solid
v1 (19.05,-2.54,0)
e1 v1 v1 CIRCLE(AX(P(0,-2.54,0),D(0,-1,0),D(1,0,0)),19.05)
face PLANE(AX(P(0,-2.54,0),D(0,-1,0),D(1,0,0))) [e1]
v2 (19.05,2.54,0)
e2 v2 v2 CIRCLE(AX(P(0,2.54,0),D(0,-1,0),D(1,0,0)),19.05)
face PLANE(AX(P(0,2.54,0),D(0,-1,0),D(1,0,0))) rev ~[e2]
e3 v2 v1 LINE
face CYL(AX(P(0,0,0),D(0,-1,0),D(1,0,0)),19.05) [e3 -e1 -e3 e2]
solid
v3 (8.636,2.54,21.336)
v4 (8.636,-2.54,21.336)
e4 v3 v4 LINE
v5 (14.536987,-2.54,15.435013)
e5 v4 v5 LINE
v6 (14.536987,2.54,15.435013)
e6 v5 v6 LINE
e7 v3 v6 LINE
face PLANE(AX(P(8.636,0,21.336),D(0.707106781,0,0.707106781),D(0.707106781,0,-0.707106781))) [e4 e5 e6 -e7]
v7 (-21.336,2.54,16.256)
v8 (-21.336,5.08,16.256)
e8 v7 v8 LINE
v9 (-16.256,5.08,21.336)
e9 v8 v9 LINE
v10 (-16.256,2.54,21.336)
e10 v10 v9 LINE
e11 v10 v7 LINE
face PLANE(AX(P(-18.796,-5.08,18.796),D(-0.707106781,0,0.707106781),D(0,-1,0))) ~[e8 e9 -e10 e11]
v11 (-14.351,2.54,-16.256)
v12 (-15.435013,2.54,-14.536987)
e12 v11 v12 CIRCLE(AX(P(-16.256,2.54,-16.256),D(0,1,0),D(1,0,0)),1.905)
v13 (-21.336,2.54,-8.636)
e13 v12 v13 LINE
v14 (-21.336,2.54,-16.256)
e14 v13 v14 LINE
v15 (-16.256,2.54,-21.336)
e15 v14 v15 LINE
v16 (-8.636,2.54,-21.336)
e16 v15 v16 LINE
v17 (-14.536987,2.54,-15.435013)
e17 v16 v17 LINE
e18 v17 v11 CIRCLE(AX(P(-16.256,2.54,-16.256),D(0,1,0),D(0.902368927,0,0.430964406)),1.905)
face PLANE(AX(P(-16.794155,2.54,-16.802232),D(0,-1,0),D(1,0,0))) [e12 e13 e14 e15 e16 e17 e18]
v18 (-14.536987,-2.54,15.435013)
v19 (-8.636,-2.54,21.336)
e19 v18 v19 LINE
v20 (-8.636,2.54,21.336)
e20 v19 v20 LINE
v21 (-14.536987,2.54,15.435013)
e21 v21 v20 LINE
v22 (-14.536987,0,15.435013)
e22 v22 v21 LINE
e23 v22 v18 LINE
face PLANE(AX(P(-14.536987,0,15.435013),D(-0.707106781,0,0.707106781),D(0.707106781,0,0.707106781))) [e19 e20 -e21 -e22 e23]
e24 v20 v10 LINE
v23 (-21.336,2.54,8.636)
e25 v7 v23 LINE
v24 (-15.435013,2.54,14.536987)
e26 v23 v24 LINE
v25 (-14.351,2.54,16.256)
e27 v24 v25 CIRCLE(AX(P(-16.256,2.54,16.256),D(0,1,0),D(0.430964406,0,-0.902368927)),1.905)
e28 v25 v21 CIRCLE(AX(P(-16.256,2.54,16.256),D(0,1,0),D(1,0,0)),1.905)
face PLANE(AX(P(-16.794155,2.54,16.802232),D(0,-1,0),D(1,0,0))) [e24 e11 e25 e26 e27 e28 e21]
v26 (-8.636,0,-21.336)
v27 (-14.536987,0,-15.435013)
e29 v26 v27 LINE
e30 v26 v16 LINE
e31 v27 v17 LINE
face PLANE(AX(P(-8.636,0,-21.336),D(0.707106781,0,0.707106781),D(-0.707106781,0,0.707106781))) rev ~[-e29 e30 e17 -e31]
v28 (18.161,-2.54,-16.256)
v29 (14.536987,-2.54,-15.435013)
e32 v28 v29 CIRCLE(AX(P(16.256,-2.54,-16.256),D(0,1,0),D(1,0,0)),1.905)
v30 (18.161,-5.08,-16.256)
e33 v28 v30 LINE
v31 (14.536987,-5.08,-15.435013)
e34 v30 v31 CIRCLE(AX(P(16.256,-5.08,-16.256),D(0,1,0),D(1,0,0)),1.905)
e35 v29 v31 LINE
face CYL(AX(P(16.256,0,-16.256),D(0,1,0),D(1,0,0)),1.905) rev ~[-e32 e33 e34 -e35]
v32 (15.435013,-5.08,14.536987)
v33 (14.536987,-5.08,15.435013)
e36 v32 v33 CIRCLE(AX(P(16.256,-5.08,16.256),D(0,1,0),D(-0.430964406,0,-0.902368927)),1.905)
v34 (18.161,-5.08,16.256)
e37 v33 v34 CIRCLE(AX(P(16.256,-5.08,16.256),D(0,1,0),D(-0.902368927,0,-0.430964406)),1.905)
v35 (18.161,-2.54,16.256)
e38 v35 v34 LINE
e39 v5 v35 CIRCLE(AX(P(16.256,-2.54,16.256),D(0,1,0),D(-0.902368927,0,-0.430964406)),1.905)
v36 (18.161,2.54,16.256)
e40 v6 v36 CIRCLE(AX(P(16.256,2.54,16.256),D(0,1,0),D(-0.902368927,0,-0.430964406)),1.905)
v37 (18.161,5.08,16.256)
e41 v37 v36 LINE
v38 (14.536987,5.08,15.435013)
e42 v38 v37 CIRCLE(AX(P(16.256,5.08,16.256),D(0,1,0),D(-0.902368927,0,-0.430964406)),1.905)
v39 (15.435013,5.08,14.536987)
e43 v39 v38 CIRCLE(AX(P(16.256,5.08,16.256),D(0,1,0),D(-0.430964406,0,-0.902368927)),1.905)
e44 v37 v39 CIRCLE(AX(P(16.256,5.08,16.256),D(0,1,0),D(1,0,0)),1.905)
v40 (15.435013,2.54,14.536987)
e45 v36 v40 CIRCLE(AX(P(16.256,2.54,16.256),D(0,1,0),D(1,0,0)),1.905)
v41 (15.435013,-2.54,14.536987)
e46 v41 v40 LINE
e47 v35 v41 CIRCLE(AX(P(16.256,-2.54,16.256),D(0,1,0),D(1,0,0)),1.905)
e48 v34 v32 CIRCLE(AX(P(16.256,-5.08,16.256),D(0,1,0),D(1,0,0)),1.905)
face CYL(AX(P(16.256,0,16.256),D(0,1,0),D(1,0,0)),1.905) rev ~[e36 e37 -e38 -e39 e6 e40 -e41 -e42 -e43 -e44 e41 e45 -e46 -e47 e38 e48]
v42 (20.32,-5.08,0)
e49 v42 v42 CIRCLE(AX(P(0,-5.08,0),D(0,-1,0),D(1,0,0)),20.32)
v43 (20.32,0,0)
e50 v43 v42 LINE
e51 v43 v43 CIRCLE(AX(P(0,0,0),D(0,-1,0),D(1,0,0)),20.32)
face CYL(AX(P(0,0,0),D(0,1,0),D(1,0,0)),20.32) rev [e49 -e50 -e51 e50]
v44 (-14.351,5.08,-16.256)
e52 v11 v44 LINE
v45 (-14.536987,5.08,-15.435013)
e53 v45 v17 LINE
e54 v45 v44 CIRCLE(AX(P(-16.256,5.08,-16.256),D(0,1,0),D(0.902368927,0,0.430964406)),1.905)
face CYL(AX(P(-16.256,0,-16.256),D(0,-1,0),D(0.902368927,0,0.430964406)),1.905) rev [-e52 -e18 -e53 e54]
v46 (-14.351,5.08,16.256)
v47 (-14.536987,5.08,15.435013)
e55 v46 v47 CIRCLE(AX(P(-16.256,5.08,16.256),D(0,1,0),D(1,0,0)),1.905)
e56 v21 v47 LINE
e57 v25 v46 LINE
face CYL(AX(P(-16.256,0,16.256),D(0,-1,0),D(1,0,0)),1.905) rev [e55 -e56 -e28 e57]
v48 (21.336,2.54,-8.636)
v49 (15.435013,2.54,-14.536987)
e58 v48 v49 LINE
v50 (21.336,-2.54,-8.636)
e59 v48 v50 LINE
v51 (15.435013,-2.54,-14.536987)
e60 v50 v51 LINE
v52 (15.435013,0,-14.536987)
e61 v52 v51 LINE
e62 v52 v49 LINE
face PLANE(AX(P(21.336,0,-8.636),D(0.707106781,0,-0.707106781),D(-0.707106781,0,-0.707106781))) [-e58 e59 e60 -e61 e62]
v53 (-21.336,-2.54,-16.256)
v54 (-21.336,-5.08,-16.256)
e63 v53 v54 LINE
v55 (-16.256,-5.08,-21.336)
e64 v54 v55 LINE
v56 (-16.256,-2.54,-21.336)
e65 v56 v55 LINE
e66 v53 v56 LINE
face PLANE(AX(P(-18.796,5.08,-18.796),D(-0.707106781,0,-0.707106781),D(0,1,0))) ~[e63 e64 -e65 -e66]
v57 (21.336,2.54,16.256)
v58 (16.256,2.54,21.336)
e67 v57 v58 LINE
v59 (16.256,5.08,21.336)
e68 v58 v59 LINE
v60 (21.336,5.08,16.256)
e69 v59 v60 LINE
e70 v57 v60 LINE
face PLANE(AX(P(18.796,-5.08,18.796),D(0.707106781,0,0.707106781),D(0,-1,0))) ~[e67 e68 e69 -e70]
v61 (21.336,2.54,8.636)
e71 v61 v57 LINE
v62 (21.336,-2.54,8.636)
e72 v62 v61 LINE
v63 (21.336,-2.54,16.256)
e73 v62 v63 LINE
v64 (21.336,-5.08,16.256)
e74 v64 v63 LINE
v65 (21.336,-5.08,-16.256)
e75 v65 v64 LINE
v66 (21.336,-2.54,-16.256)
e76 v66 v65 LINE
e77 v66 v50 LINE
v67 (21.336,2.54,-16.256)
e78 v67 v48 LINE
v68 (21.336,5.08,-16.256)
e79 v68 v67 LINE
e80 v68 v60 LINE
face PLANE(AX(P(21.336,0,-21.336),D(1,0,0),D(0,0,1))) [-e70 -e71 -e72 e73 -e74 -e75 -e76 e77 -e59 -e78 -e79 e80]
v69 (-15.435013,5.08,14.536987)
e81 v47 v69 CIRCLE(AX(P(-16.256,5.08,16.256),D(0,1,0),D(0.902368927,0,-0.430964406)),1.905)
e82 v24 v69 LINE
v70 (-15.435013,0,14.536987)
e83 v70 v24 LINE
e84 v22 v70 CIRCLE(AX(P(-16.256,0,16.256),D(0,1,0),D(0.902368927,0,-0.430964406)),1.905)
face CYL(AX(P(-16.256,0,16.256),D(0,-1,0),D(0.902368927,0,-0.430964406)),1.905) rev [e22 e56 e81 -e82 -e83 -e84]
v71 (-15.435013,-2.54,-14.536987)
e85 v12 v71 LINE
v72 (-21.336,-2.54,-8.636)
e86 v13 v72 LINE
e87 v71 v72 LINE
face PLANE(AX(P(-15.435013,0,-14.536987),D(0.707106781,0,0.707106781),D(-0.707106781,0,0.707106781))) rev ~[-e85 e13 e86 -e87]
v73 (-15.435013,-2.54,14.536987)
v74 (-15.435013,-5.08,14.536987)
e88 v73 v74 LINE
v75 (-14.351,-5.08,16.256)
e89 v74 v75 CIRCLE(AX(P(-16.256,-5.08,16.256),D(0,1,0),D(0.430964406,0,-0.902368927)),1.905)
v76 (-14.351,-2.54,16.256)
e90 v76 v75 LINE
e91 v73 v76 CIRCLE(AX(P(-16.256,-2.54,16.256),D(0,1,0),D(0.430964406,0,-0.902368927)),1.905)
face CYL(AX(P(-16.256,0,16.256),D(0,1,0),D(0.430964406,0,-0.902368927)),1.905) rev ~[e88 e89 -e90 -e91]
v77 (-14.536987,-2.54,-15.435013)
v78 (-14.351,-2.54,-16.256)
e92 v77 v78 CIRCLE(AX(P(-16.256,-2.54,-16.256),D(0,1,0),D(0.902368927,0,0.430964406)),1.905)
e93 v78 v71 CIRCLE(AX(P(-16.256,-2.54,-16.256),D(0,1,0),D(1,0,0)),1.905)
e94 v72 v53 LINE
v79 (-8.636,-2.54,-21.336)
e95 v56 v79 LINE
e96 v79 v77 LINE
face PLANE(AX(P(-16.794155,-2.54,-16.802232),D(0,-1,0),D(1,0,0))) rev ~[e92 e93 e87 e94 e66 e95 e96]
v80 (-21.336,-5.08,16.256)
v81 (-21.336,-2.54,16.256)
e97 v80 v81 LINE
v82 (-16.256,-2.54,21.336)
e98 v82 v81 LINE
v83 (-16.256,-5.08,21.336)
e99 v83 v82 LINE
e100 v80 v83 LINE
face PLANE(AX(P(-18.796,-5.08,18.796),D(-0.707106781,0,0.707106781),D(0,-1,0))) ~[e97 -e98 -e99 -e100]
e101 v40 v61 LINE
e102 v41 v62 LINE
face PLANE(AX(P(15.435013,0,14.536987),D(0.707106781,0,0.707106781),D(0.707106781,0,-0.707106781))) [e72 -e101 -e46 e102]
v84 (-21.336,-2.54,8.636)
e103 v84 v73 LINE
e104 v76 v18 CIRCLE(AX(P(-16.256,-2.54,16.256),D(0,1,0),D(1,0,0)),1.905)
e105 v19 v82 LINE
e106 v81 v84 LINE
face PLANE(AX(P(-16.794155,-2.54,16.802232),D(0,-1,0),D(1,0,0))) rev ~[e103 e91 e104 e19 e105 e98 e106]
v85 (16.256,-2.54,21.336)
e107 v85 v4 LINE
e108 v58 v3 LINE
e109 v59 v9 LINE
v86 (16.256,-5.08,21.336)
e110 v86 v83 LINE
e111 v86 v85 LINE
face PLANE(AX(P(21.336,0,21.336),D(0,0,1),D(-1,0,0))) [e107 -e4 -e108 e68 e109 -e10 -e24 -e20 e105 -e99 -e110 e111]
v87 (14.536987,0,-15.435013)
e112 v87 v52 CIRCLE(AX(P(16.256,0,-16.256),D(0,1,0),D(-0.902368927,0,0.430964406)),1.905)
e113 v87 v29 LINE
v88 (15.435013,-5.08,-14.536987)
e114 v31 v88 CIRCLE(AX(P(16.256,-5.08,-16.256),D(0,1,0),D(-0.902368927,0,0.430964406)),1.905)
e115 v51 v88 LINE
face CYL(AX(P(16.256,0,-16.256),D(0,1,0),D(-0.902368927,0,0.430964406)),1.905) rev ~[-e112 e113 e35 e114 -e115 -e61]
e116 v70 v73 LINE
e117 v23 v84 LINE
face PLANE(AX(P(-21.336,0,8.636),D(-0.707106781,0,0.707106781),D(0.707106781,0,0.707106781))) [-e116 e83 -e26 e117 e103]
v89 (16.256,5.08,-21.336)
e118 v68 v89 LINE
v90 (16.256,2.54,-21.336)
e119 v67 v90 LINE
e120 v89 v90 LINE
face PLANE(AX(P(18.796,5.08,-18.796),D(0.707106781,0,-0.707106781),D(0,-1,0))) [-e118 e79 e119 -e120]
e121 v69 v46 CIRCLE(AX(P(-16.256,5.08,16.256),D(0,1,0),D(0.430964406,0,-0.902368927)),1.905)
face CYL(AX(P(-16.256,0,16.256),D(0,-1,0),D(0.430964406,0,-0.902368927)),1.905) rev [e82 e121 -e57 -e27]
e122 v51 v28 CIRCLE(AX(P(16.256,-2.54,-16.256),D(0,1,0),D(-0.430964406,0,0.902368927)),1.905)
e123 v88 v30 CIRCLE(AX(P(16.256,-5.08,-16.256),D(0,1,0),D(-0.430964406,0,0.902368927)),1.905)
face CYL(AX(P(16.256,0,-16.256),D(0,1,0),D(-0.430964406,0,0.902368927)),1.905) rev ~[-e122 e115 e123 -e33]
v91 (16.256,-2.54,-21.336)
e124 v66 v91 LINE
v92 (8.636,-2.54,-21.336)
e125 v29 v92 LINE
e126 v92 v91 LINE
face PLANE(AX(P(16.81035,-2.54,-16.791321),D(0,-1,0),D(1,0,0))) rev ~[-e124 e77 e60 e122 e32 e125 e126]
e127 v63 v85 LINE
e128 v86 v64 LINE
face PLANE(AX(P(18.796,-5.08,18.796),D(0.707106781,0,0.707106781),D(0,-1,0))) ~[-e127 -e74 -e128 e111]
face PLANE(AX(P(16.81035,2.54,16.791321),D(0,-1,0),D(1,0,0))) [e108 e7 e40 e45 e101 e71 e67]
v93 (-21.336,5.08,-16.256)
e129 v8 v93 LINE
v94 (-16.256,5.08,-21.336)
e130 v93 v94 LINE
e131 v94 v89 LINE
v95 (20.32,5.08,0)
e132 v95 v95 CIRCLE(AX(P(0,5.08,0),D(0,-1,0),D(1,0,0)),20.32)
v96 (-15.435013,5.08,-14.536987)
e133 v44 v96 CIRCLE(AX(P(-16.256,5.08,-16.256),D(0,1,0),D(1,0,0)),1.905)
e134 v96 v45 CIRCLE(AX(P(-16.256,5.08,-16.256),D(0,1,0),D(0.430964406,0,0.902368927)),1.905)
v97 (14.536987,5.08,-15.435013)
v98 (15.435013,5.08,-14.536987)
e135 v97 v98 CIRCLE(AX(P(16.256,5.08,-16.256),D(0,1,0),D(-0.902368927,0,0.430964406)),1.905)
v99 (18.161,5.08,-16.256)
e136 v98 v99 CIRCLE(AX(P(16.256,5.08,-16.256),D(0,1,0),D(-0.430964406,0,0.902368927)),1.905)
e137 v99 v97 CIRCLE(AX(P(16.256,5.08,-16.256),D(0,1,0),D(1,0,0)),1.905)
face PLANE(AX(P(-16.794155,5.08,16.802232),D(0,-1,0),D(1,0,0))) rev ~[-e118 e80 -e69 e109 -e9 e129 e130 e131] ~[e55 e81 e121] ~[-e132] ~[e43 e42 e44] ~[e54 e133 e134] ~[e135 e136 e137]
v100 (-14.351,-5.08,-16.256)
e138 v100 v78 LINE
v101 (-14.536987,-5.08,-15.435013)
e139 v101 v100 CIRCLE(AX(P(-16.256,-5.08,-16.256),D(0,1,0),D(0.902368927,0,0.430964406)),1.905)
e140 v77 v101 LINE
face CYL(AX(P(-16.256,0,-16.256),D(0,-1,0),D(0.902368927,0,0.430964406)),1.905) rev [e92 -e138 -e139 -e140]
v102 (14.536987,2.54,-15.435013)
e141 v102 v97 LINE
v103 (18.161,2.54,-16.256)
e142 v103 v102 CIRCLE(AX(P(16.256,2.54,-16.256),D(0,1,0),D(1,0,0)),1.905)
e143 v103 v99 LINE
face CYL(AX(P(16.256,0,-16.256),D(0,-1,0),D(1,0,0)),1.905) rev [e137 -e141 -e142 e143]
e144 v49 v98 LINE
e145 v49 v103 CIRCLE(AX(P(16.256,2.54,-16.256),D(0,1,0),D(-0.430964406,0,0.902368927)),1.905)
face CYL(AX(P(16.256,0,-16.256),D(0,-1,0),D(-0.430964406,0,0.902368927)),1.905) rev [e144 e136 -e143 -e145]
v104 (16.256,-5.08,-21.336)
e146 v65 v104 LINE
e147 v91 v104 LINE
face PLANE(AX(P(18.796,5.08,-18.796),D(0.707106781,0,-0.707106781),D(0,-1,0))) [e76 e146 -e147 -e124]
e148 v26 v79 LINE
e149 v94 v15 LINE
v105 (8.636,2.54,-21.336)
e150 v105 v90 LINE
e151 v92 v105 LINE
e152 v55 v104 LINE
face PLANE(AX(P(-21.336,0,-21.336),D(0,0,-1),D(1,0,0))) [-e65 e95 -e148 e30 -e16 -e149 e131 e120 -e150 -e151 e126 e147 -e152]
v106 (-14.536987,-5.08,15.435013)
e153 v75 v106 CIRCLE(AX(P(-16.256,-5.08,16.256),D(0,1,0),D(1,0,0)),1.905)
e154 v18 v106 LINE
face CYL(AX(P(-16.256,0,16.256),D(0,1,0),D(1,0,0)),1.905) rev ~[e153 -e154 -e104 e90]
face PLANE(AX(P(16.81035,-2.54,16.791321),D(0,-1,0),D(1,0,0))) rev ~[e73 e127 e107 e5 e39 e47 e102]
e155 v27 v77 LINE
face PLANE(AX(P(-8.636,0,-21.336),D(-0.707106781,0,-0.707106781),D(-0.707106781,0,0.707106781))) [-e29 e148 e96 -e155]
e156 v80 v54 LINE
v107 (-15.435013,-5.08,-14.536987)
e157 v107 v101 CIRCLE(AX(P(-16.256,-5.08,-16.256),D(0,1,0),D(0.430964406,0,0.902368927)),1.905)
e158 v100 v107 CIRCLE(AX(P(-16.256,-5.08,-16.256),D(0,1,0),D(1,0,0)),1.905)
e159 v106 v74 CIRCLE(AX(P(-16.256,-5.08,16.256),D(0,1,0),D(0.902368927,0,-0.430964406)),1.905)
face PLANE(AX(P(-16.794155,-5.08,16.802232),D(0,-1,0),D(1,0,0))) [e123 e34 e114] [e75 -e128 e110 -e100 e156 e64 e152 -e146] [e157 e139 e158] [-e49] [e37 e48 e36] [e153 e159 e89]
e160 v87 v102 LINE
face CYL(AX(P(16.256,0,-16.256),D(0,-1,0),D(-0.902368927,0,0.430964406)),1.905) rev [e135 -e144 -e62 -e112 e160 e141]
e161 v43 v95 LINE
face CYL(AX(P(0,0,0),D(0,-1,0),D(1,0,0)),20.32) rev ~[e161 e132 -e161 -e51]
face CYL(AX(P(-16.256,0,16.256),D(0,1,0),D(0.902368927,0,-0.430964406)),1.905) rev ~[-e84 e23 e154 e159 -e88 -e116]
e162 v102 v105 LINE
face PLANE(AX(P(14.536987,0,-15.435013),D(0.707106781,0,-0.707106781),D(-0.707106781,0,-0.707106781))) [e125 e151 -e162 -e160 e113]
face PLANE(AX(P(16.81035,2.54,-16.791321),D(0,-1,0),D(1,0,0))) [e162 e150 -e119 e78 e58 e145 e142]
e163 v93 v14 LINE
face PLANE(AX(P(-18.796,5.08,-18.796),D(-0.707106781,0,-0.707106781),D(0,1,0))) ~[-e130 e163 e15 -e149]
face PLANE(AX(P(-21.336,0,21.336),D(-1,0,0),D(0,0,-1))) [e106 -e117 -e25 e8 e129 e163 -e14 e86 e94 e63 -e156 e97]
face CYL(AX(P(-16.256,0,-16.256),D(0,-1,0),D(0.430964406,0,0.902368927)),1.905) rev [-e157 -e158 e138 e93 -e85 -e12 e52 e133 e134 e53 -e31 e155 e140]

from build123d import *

# Parameters (mm, degrees)
F0_R     = 20.32
F1_DEPTH = 5.08
F2_SIZE  = 5.08
F3_DEPTH = 2.54
F0_R_2   = 19.05
F4_DEPTH = 2.54


with BuildPart() as f1:
    # F0 (on Front) → F1 (new body, symmetric)
    with BuildSketch(Plane.XZ):
        with BuildLine():
            Line((-8.636, 21.336), (-21.336, 21.336))
            Line((-21.336, 21.336), (-21.336, 8.636))
            Line((-21.336, 8.636), (-15.4350128061, 14.5369871939))
            ThreePointArc((-15.4350128061, 14.5369871939), (-17.8673667498, 17.2721309944), (-14.351, 16.256))
            ThreePointArc((-14.351, 16.256), (-14.3980785276, 15.835104761), (-14.5369871939, 15.4350128061))
            Line((-14.5369871939, 15.4350128061), (-8.636, 21.336))
        make_face()
        with BuildLine():
            Line((8.636, 21.336), (-8.636, 21.336))
            Line((-8.636, 21.336), (-14.5369871939, 15.4350128061))
            ThreePointArc((-14.5369871939, 15.4350128061), (-14.9089615818, 14.9089615818), (-15.4350128061, 14.5369871939))
            Line((-15.4350128061, 14.5369871939), (-21.336, 8.636))
            Line((-21.336, 8.636), (-21.336, -8.636))
            Line((-21.336, -8.636), (-15.4350128061, -14.5369871939))
            ThreePointArc((-15.4350128061, -14.5369871939), (-14.9089615818, -14.9089615818), (-14.5369871939, -15.4350128061))
            Line((-14.5369871939, -15.4350128061), (-8.636, -21.336))
            Line((-8.636, -21.336), (8.636, -21.336))
            Line((8.636, -21.336), (14.5369871939, -15.4350128061))
            ThreePointArc((14.5369871939, -15.4350128061), (14.9089615818, -14.9089615818), (15.4350128061, -14.5369871939))
            Line((15.4350128061, -14.5369871939), (21.336, -8.636))
            Line((21.336, -8.636), (21.336, 8.636))
            Line((21.336, 8.636), (15.4350128061, 14.5369871939))
            ThreePointArc((15.4350128061, 14.5369871939), (14.9089615818, 14.9089615818), (14.5369871939, 15.4350128061))
            Line((14.5369871939, 15.4350128061), (8.636, 21.336))
        make_face()
        Circle(F0_R, mode=Mode.SUBTRACT)
        with BuildLine():
            Line((21.336, 21.336), (8.636, 21.336))
            Line((8.636, 21.336), (14.5369871939, 15.4350128061))
            ThreePointArc((14.5369871939, 15.4350128061), (15.835104761, 18.1139214724), (18.161, 16.256))
            ThreePointArc((18.161, 16.256), (17.2721309944, 14.6446332502), (15.4350128061, 14.5369871939))
            Line((15.4350128061, 14.5369871939), (21.336, 8.636))
            Line((21.336, 8.636), (21.336, 21.336))
        make_face()
        with BuildLine():
            Line((8.636, 21.336), (-8.636, 21.336))
            Line((-8.636, 21.336), (-14.5369871939, 15.4350128061))
            ThreePointArc((-14.5369871939, 15.4350128061), (-14.9089615818, 14.9089615818), (-15.4350128061, 14.5369871939))
            Line((-15.4350128061, 14.5369871939), (-21.336, 8.636))
            Line((-21.336, 8.636), (-21.336, -8.636))
            Line((-21.336, -8.636), (-15.4350128061, -14.5369871939))
            ThreePointArc((-15.4350128061, -14.5369871939), (-14.9089615818, -14.9089615818), (-14.5369871939, -15.4350128061))
            Line((-14.5369871939, -15.4350128061), (-8.636, -21.336))
            Line((-8.636, -21.336), (8.636, -21.336))
            Line((8.636, -21.336), (14.5369871939, -15.4350128061))
            ThreePointArc((14.5369871939, -15.4350128061), (14.9089615818, -14.9089615818), (15.4350128061, -14.5369871939))
            Line((15.4350128061, -14.5369871939), (21.336, -8.636))
            Line((21.336, -8.636), (21.336, 8.636))
            Line((21.336, 8.636), (15.4350128061, 14.5369871939))
            ThreePointArc((15.4350128061, 14.5369871939), (14.9089615818, 14.9089615818), (14.5369871939, 15.4350128061))
            Line((14.5369871939, 15.4350128061), (8.636, 21.336))
        make_face()
        Circle(F0_R, mode=Mode.SUBTRACT)
        with BuildLine():
            Line((21.336, -21.336), (21.336, -8.636))
            Line((21.336, -8.636), (15.4350128061, -14.5369871939))
            ThreePointArc((15.4350128061, -14.5369871939), (17.2721309944, -14.6446332502), (18.161, -16.256))
            ThreePointArc((18.161, -16.256), (15.835104761, -18.1139214724), (14.5369871939, -15.4350128061))
            Line((14.5369871939, -15.4350128061), (8.636, -21.336))
            Line((8.636, -21.336), (21.336, -21.336))
        make_face()
        with BuildLine():
            Line((-15.4350128061, -14.5369871939), (-21.336, -8.636))
            Line((-21.336, -8.636), (-21.336, -21.336))
            Line((-21.336, -21.336), (-8.636, -21.336))
            Line((-8.636, -21.336), (-14.5369871939, -15.4350128061))
            ThreePointArc((-14.5369871939, -15.4350128061), (-14.3980785276, -15.835104761), (-14.351, -16.256))
            ThreePointArc((-14.351, -16.256), (-17.8673667498, -17.2721309944), (-15.4350128061, -14.5369871939))
        make_face()
    extrude(amount=F1_DEPTH, both=True)

    # F2
    f2_edges = [f1.edges().sort_by_distance(p)[0] for p in [
        (-21.336, 0, 21.336),
        (-21.336, 0, -21.336),
        (21.336, 0, -21.336),
        (21.336, 0, 21.336),
    ]]
    chamfer(f2_edges, length=F2_SIZE)

    # F0 (on Front) → F3 (cut, symmetric)
    with BuildSketch(Plane.XZ):
        with BuildLine():
            Line((-8.636, 21.336), (-21.336, 21.336))
            Line((-21.336, 21.336), (-21.336, 8.636))
            Line((-21.336, 8.636), (-15.4350128061, 14.5369871939))
            ThreePointArc((-15.4350128061, 14.5369871939), (-17.8673667498, 17.2721309944), (-14.351, 16.256))
            ThreePointArc((-14.351, 16.256), (-14.3980785276, 15.835104761), (-14.5369871939, 15.4350128061))
            Line((-14.5369871939, 15.4350128061), (-8.636, 21.336))
        make_face()
        with BuildLine():
            Line((21.336, 21.336), (8.636, 21.336))
            Line((8.636, 21.336), (14.5369871939, 15.4350128061))
            ThreePointArc((14.5369871939, 15.4350128061), (15.835104761, 18.1139214724), (18.161, 16.256))
            ThreePointArc((18.161, 16.256), (17.2721309944, 14.6446332502), (15.4350128061, 14.5369871939))
            Line((15.4350128061, 14.5369871939), (21.336, 8.636))
            Line((21.336, 8.636), (21.336, 21.336))
        make_face()
        with BuildLine():
            Line((21.336, -21.336), (21.336, -8.636))
            Line((21.336, -8.636), (15.4350128061, -14.5369871939))
            ThreePointArc((15.4350128061, -14.5369871939), (17.2721309944, -14.6446332502), (18.161, -16.256))
            ThreePointArc((18.161, -16.256), (15.835104761, -18.1139214724), (14.5369871939, -15.4350128061))
            Line((14.5369871939, -15.4350128061), (8.636, -21.336))
            Line((8.636, -21.336), (21.336, -21.336))
        make_face()
        with BuildLine():
            Line((-15.4350128061, -14.5369871939), (-21.336, -8.636))
            Line((-21.336, -8.636), (-21.336, -21.336))
            Line((-21.336, -21.336), (-8.636, -21.336))
            Line((-8.636, -21.336), (-14.5369871939, -15.4350128061))
            ThreePointArc((-14.5369871939, -15.4350128061), (-14.3980785276, -15.835104761), (-14.351, -16.256))
            ThreePointArc((-14.351, -16.256), (-17.8673667498, -17.2721309944), (-15.4350128061, -14.5369871939))
        make_face()
    extrude(amount=F3_DEPTH, both=True, mode=Mode.SUBTRACT)


with BuildPart() as f4:
    # F0 (on Front) → F4 (new body, symmetric)
    with BuildSketch(Plane.XZ):
        Circle(F0_R_2)
    extrude(amount=F4_DEPTH, both=True)


solid = Compound([f1.part, f4.part])
